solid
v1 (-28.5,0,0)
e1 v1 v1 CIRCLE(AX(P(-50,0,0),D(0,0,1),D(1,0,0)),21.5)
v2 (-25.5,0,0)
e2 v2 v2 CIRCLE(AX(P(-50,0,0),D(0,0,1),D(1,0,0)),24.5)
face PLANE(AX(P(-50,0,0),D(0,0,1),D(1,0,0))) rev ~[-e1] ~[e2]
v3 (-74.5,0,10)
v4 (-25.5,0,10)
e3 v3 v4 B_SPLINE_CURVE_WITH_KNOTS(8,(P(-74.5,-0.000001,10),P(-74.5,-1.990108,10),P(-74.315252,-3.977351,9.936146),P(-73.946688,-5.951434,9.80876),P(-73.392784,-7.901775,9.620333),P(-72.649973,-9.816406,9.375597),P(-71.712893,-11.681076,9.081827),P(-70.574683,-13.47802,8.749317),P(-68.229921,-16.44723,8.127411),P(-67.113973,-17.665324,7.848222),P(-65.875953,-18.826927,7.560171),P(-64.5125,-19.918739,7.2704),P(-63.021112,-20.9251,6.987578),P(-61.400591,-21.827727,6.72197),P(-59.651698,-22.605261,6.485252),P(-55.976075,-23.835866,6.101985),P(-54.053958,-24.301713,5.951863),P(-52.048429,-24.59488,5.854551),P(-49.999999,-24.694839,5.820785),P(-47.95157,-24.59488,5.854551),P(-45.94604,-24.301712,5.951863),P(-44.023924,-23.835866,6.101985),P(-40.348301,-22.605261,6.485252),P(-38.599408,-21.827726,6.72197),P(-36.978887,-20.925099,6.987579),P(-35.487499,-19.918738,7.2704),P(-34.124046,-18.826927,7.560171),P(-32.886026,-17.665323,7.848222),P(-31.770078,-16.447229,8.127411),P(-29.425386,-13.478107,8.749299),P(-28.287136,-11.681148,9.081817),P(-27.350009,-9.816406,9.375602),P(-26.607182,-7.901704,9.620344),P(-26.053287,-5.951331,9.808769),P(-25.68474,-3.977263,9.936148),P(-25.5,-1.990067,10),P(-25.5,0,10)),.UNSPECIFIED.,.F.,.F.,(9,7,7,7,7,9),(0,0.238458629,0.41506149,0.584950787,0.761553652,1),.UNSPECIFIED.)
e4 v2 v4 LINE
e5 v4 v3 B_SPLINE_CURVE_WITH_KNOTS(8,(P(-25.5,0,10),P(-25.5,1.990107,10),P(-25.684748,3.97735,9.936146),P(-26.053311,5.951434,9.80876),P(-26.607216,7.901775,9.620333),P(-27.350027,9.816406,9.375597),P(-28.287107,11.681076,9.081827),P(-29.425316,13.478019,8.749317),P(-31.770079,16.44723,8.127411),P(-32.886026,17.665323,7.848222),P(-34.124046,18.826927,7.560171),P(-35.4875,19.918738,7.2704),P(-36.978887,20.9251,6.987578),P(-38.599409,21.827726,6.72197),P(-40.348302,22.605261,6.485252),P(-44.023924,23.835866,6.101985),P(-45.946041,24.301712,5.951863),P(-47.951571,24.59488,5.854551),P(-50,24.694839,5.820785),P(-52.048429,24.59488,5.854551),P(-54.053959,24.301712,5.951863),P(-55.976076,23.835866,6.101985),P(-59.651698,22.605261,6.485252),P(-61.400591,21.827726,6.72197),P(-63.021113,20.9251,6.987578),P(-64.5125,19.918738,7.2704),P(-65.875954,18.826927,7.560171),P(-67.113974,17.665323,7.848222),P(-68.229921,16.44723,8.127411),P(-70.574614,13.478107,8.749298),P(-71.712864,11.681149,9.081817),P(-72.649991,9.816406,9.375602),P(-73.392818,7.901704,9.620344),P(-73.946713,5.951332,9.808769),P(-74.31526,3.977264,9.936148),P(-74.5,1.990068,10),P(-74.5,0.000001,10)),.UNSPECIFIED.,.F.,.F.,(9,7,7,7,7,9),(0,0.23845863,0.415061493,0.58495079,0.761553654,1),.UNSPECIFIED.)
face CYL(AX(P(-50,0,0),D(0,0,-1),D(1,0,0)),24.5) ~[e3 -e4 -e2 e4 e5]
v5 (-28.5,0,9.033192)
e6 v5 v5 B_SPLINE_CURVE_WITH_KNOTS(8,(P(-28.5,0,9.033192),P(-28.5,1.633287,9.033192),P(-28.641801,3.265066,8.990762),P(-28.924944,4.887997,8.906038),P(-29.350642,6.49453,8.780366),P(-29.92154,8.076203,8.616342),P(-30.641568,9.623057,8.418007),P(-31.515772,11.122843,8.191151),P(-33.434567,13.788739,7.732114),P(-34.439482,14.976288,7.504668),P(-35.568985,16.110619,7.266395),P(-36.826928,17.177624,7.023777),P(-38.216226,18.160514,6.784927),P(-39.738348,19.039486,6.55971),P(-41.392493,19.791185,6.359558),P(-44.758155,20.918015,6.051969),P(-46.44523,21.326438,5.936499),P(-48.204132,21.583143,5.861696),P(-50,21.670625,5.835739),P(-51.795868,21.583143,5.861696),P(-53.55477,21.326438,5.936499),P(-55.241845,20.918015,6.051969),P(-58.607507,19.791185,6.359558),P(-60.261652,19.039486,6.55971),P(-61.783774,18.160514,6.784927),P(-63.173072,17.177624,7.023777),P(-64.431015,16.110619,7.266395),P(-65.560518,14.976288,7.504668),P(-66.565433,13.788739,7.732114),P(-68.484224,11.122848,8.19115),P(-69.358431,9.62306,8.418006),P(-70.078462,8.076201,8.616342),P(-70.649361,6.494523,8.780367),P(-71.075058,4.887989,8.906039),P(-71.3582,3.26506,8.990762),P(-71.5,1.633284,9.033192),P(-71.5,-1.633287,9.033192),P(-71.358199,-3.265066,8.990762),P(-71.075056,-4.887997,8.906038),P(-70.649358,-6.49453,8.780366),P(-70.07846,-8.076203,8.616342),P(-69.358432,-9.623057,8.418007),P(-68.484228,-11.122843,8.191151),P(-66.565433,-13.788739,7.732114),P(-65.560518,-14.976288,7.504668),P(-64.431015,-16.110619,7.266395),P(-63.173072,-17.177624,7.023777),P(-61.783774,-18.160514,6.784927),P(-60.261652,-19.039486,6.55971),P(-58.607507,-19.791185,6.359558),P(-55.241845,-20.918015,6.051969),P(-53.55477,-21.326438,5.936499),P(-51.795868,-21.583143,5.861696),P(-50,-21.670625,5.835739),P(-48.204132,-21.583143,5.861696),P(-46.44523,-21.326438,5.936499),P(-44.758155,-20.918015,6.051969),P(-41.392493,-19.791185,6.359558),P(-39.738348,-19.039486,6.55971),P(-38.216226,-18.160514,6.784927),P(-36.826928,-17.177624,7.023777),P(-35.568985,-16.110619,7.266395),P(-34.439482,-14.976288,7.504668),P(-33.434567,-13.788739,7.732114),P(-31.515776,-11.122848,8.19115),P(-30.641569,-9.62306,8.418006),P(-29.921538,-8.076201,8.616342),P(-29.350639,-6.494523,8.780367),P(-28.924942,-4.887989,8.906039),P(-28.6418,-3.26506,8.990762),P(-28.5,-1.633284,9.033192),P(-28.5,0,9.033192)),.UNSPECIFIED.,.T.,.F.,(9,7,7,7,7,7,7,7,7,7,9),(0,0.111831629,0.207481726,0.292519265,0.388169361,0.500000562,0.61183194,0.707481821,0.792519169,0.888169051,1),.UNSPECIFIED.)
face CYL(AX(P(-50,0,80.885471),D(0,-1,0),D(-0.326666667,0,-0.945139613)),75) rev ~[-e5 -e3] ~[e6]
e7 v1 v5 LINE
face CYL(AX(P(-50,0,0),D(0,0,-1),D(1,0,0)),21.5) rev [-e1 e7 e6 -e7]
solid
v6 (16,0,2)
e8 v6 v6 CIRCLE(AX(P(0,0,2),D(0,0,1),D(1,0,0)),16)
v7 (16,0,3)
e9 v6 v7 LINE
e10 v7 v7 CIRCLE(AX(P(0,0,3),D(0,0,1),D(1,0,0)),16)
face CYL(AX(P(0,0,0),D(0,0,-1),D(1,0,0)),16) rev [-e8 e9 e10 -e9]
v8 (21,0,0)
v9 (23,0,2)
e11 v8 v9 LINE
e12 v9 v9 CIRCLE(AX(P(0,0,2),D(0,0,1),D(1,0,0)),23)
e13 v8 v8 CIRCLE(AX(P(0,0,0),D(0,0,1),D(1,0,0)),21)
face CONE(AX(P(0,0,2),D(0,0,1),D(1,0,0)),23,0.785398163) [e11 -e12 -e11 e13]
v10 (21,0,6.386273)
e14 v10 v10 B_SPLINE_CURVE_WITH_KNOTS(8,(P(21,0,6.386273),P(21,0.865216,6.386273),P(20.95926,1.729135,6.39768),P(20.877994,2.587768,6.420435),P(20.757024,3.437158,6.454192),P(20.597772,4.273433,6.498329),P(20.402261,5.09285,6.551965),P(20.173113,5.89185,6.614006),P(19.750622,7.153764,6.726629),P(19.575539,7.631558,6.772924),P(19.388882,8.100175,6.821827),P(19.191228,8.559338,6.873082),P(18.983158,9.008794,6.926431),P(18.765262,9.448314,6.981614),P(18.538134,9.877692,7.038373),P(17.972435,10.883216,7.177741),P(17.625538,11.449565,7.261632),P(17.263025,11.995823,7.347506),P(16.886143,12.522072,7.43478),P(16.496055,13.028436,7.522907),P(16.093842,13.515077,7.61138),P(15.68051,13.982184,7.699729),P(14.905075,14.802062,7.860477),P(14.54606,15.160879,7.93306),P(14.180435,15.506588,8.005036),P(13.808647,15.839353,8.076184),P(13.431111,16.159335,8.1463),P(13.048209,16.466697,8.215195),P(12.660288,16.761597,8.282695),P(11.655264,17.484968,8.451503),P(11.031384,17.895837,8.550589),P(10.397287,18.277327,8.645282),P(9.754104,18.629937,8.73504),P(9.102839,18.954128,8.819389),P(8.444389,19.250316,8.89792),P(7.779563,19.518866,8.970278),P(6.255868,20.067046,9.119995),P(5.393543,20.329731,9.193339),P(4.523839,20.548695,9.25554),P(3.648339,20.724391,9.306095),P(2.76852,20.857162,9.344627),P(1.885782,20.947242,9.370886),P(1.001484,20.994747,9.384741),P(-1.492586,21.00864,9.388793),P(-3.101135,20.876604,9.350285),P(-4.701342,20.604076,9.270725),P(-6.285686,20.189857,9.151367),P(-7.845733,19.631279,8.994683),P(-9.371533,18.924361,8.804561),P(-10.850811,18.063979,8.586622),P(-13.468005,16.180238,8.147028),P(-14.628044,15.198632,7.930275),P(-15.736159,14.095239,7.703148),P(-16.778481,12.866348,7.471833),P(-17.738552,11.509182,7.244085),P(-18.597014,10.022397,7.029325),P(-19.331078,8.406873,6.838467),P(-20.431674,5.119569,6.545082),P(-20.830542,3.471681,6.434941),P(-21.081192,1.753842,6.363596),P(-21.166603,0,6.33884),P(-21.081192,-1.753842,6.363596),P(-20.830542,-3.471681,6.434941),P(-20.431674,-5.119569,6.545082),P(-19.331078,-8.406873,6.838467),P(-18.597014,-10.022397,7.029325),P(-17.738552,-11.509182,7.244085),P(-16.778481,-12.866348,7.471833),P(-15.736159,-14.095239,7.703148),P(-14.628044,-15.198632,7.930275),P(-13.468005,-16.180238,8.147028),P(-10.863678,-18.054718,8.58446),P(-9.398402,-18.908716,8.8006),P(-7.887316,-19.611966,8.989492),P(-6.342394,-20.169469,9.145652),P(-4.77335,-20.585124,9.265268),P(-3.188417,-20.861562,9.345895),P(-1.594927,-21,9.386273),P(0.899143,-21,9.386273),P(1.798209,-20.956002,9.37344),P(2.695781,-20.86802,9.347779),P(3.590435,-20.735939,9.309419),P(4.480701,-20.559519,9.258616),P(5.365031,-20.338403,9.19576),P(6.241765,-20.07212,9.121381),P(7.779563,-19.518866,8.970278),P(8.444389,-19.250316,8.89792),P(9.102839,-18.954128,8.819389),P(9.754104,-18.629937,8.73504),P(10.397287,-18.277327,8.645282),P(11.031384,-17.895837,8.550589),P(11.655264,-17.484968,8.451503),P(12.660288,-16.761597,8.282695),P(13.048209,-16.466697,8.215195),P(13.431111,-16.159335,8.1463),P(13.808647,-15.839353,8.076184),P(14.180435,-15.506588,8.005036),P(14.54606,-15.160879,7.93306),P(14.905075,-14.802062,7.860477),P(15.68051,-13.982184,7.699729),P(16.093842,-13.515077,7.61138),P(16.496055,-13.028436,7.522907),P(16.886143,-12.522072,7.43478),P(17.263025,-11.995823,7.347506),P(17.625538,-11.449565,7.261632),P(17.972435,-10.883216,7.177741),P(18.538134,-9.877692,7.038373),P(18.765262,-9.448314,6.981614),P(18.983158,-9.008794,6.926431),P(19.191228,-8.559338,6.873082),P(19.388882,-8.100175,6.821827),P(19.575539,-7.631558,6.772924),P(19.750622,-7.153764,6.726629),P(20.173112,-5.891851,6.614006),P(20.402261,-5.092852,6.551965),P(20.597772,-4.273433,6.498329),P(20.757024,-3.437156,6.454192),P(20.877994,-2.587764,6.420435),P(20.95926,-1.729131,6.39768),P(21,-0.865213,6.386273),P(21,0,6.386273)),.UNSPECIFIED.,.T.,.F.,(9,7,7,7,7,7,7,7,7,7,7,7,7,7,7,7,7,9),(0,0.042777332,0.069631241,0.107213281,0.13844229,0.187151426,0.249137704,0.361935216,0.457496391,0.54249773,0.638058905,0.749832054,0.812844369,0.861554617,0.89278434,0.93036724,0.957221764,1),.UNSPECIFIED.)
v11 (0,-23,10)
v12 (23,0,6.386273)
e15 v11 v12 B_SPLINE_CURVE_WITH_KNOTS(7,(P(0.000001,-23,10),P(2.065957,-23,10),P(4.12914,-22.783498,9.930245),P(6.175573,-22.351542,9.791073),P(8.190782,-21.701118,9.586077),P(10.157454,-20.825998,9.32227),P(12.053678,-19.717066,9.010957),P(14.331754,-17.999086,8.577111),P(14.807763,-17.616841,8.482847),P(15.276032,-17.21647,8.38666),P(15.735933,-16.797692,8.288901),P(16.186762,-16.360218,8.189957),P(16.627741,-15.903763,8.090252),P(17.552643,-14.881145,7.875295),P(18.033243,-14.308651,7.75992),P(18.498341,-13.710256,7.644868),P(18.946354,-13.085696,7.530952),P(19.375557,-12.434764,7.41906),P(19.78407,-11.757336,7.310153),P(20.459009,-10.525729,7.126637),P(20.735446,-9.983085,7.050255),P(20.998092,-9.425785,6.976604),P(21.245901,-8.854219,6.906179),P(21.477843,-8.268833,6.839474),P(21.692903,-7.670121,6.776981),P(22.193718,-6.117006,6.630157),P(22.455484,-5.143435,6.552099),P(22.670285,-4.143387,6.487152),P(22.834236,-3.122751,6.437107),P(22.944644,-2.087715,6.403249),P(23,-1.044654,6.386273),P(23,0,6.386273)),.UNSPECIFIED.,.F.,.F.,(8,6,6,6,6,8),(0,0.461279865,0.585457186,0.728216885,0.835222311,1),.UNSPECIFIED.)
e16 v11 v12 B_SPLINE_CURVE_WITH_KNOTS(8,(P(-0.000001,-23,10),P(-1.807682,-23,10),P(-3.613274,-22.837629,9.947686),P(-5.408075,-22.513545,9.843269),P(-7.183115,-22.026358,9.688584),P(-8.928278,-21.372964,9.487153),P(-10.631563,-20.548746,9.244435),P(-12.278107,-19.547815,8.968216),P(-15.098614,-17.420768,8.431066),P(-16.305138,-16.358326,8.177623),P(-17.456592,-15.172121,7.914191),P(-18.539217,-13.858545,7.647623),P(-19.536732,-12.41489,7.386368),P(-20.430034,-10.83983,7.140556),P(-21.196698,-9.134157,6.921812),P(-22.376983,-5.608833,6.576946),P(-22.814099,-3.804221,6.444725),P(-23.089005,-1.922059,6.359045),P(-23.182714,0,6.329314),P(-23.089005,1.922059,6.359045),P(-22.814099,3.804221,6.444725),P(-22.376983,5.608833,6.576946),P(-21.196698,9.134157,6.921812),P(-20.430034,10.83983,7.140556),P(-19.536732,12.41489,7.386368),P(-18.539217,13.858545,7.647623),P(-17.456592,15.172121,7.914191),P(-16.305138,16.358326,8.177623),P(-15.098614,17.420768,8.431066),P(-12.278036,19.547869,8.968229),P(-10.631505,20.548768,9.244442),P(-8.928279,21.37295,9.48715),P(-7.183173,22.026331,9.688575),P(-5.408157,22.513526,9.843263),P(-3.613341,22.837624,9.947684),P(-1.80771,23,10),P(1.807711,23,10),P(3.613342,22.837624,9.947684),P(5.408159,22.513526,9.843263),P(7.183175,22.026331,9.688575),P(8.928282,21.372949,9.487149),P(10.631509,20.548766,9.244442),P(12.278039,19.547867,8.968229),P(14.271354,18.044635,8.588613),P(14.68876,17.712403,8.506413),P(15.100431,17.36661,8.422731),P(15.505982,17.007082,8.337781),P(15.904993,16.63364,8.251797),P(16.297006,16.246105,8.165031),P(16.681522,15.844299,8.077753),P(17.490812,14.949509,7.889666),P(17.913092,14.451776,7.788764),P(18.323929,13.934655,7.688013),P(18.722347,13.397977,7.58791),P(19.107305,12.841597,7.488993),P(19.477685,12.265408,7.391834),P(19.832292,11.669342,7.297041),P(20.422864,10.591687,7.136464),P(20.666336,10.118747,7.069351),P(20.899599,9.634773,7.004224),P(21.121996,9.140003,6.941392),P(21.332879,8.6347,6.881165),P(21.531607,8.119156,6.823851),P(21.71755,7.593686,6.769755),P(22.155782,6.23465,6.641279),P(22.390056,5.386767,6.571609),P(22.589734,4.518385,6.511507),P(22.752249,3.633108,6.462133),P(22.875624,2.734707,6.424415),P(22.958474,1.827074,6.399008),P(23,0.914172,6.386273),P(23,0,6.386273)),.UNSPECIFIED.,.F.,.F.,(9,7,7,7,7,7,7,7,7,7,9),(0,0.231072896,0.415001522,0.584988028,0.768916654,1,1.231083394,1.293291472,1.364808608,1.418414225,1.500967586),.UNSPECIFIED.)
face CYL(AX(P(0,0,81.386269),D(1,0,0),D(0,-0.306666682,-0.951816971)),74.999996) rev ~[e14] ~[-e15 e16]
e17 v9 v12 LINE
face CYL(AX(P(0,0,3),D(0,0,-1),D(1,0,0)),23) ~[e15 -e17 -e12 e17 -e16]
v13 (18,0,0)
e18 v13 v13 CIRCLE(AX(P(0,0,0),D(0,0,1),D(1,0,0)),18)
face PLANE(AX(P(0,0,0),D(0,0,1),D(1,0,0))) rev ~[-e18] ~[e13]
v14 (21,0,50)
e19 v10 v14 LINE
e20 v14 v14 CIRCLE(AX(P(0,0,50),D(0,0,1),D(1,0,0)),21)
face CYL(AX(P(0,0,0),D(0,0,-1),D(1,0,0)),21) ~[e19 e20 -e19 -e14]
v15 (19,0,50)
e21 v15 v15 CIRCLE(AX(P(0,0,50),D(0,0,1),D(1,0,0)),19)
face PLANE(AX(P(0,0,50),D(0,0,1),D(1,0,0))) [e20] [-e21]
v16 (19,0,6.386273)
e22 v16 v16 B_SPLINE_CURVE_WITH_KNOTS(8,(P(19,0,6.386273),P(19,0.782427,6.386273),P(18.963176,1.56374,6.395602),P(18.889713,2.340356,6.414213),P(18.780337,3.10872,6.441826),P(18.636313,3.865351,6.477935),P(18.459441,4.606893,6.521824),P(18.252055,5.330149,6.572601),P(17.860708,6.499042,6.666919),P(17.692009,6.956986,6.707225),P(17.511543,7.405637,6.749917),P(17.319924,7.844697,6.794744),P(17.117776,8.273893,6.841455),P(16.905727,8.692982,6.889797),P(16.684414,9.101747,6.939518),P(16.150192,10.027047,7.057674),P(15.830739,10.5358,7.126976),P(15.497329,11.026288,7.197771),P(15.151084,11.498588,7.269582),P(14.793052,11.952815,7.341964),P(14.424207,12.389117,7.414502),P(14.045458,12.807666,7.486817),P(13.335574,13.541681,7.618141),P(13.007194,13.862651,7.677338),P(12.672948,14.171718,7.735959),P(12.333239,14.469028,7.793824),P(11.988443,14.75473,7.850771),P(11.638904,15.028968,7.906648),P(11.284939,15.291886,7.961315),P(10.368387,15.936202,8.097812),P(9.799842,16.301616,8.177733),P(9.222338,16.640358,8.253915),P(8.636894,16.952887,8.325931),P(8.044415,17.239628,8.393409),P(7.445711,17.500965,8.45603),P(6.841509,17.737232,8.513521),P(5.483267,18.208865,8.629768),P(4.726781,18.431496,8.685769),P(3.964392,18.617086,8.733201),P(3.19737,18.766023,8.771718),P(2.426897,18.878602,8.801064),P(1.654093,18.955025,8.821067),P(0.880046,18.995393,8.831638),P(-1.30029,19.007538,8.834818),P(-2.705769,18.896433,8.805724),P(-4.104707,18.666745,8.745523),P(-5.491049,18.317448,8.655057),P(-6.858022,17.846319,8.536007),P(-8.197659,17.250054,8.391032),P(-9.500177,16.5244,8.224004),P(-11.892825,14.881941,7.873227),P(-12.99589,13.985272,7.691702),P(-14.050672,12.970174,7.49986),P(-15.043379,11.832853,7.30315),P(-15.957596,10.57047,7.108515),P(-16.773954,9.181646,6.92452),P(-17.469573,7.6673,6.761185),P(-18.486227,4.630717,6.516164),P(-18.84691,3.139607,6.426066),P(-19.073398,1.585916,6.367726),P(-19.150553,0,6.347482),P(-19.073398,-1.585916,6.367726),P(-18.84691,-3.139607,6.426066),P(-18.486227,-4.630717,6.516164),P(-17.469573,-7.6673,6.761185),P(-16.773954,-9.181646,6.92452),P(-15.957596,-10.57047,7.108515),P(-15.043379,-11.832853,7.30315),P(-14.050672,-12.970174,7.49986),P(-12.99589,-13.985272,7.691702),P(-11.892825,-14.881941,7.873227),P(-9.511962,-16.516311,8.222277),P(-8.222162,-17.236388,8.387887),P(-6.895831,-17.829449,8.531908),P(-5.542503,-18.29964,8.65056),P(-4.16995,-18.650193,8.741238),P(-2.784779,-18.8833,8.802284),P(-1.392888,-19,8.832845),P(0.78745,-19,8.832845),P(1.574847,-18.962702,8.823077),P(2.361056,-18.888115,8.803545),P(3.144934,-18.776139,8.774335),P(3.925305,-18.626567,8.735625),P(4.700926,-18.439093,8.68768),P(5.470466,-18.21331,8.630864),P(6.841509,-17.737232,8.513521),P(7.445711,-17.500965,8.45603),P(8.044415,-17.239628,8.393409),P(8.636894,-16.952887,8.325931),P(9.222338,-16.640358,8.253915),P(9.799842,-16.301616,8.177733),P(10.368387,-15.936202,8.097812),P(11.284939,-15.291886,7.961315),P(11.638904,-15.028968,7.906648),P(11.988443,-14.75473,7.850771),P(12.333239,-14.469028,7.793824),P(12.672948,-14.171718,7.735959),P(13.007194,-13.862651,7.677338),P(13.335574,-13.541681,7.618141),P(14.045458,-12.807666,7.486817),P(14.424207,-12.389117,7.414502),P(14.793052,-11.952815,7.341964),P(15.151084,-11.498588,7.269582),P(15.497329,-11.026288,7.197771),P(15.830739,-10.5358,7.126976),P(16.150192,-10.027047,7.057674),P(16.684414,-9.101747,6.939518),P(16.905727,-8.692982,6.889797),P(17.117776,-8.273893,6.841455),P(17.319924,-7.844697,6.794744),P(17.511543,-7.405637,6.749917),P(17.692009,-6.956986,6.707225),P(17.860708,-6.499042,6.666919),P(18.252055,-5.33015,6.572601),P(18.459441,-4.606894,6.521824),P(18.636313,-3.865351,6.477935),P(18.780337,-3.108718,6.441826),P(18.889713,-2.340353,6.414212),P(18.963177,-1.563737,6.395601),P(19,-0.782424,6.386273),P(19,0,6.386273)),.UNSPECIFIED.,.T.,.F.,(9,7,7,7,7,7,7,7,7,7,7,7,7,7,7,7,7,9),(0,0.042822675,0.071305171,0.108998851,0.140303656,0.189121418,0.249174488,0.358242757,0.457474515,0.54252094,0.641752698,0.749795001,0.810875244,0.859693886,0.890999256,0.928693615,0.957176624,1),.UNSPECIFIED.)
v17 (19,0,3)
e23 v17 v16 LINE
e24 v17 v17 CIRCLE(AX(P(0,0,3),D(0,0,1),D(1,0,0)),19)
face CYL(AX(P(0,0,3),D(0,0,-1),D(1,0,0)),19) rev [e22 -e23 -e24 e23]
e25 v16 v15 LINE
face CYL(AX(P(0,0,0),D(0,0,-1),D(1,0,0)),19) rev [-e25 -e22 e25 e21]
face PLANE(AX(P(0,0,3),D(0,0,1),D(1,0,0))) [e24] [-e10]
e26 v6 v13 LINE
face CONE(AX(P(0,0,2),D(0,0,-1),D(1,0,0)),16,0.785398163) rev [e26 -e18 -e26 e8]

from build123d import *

# Parameters (mm, degrees)
F0_R      = 23
F0_R_2    = 16
F1_DEPTH  = 3
F2_R      = 23
F2_R_2    = 19
F3_DEPTH  = 25
F5_DEPTH  = 50
F6_R      = 21
F6_R_2    = 19
F7_DEPTH  = 50
F8_R      = 24.5
F8_R_2    = 21.5
F9_DEPTH  = 25
F11_DEPTH = 50
F12_SIZE  = 2


with BuildPart() as f1:
    # F0 (on Top) → F1 (new body)
    with BuildSketch(Plane.XY):
        Circle(F0_R)
        Circle(F0_R_2, mode=Mode.SUBTRACT)
    extrude(amount=F1_DEPTH)

    # F2 (on face) → F3 (join)
    with BuildSketch(Plane.XY.offset(3)):
        Circle(F2_R)
        Circle(F2_R_2, mode=Mode.SUBTRACT)
    extrude(amount=F3_DEPTH)

    # F4 (on Right) → F5 (cut, symmetric)
    with BuildSketch(Plane.YZ):
        with BuildLine():
            Line((-32.46776, 33.882733), (-23, 10))
            ThreePointArc((-23, 10), (0, 6.386273), (23, 10))
            Line((23, 10), (36.376942, 33.882733))
            Line((36.376942, 33.882733), (-32.46776, 33.882733))
        make_face()
    extrude(amount=F5_DEPTH, both=True, mode=Mode.SUBTRACT)

    # F6 (on Top) → F7 (join)
    with BuildSketch(Plane.XY):
        Circle(F6_R)
        Circle(F6_R_2, mode=Mode.SUBTRACT)
    extrude(amount=F7_DEPTH)

    # F12
    f12_edges = [f1.edges().sort_by_distance(p)[0] for p in [
        (-23, 0, 0),
        (-16, 0, 0),
    ]]
    chamfer(f12_edges, length=F12_SIZE)


with BuildPart() as f9:
    # F8 (on Top) → F9 (new body)
    with BuildSketch(Plane.XY):
        with Locations((-50, 0)):
            Circle(F8_R)
        with Locations((-50, 0)):
            Circle(F8_R_2, mode=Mode.SUBTRACT)
    extrude(amount=F9_DEPTH)

    # F10 (on Front) → F11 (cut, symmetric)
    with BuildSketch(Plane.XZ):
        with BuildLine():
            Line((-81.317961, 36.653891), (-74.5, 10))
            ThreePointArc((-74.5, 10), (-50, 5.885471), (-25.5, 10))
            Line((-25.5, 10), (-22.981653, 35.573591))
            Line((-22.981653, 35.573591), (-81.317961, 36.653891))
        make_face()
    extrude(amount=F11_DEPTH, both=True, mode=Mode.SUBTRACT)


solid = Compound([f1.part, f9.part])
